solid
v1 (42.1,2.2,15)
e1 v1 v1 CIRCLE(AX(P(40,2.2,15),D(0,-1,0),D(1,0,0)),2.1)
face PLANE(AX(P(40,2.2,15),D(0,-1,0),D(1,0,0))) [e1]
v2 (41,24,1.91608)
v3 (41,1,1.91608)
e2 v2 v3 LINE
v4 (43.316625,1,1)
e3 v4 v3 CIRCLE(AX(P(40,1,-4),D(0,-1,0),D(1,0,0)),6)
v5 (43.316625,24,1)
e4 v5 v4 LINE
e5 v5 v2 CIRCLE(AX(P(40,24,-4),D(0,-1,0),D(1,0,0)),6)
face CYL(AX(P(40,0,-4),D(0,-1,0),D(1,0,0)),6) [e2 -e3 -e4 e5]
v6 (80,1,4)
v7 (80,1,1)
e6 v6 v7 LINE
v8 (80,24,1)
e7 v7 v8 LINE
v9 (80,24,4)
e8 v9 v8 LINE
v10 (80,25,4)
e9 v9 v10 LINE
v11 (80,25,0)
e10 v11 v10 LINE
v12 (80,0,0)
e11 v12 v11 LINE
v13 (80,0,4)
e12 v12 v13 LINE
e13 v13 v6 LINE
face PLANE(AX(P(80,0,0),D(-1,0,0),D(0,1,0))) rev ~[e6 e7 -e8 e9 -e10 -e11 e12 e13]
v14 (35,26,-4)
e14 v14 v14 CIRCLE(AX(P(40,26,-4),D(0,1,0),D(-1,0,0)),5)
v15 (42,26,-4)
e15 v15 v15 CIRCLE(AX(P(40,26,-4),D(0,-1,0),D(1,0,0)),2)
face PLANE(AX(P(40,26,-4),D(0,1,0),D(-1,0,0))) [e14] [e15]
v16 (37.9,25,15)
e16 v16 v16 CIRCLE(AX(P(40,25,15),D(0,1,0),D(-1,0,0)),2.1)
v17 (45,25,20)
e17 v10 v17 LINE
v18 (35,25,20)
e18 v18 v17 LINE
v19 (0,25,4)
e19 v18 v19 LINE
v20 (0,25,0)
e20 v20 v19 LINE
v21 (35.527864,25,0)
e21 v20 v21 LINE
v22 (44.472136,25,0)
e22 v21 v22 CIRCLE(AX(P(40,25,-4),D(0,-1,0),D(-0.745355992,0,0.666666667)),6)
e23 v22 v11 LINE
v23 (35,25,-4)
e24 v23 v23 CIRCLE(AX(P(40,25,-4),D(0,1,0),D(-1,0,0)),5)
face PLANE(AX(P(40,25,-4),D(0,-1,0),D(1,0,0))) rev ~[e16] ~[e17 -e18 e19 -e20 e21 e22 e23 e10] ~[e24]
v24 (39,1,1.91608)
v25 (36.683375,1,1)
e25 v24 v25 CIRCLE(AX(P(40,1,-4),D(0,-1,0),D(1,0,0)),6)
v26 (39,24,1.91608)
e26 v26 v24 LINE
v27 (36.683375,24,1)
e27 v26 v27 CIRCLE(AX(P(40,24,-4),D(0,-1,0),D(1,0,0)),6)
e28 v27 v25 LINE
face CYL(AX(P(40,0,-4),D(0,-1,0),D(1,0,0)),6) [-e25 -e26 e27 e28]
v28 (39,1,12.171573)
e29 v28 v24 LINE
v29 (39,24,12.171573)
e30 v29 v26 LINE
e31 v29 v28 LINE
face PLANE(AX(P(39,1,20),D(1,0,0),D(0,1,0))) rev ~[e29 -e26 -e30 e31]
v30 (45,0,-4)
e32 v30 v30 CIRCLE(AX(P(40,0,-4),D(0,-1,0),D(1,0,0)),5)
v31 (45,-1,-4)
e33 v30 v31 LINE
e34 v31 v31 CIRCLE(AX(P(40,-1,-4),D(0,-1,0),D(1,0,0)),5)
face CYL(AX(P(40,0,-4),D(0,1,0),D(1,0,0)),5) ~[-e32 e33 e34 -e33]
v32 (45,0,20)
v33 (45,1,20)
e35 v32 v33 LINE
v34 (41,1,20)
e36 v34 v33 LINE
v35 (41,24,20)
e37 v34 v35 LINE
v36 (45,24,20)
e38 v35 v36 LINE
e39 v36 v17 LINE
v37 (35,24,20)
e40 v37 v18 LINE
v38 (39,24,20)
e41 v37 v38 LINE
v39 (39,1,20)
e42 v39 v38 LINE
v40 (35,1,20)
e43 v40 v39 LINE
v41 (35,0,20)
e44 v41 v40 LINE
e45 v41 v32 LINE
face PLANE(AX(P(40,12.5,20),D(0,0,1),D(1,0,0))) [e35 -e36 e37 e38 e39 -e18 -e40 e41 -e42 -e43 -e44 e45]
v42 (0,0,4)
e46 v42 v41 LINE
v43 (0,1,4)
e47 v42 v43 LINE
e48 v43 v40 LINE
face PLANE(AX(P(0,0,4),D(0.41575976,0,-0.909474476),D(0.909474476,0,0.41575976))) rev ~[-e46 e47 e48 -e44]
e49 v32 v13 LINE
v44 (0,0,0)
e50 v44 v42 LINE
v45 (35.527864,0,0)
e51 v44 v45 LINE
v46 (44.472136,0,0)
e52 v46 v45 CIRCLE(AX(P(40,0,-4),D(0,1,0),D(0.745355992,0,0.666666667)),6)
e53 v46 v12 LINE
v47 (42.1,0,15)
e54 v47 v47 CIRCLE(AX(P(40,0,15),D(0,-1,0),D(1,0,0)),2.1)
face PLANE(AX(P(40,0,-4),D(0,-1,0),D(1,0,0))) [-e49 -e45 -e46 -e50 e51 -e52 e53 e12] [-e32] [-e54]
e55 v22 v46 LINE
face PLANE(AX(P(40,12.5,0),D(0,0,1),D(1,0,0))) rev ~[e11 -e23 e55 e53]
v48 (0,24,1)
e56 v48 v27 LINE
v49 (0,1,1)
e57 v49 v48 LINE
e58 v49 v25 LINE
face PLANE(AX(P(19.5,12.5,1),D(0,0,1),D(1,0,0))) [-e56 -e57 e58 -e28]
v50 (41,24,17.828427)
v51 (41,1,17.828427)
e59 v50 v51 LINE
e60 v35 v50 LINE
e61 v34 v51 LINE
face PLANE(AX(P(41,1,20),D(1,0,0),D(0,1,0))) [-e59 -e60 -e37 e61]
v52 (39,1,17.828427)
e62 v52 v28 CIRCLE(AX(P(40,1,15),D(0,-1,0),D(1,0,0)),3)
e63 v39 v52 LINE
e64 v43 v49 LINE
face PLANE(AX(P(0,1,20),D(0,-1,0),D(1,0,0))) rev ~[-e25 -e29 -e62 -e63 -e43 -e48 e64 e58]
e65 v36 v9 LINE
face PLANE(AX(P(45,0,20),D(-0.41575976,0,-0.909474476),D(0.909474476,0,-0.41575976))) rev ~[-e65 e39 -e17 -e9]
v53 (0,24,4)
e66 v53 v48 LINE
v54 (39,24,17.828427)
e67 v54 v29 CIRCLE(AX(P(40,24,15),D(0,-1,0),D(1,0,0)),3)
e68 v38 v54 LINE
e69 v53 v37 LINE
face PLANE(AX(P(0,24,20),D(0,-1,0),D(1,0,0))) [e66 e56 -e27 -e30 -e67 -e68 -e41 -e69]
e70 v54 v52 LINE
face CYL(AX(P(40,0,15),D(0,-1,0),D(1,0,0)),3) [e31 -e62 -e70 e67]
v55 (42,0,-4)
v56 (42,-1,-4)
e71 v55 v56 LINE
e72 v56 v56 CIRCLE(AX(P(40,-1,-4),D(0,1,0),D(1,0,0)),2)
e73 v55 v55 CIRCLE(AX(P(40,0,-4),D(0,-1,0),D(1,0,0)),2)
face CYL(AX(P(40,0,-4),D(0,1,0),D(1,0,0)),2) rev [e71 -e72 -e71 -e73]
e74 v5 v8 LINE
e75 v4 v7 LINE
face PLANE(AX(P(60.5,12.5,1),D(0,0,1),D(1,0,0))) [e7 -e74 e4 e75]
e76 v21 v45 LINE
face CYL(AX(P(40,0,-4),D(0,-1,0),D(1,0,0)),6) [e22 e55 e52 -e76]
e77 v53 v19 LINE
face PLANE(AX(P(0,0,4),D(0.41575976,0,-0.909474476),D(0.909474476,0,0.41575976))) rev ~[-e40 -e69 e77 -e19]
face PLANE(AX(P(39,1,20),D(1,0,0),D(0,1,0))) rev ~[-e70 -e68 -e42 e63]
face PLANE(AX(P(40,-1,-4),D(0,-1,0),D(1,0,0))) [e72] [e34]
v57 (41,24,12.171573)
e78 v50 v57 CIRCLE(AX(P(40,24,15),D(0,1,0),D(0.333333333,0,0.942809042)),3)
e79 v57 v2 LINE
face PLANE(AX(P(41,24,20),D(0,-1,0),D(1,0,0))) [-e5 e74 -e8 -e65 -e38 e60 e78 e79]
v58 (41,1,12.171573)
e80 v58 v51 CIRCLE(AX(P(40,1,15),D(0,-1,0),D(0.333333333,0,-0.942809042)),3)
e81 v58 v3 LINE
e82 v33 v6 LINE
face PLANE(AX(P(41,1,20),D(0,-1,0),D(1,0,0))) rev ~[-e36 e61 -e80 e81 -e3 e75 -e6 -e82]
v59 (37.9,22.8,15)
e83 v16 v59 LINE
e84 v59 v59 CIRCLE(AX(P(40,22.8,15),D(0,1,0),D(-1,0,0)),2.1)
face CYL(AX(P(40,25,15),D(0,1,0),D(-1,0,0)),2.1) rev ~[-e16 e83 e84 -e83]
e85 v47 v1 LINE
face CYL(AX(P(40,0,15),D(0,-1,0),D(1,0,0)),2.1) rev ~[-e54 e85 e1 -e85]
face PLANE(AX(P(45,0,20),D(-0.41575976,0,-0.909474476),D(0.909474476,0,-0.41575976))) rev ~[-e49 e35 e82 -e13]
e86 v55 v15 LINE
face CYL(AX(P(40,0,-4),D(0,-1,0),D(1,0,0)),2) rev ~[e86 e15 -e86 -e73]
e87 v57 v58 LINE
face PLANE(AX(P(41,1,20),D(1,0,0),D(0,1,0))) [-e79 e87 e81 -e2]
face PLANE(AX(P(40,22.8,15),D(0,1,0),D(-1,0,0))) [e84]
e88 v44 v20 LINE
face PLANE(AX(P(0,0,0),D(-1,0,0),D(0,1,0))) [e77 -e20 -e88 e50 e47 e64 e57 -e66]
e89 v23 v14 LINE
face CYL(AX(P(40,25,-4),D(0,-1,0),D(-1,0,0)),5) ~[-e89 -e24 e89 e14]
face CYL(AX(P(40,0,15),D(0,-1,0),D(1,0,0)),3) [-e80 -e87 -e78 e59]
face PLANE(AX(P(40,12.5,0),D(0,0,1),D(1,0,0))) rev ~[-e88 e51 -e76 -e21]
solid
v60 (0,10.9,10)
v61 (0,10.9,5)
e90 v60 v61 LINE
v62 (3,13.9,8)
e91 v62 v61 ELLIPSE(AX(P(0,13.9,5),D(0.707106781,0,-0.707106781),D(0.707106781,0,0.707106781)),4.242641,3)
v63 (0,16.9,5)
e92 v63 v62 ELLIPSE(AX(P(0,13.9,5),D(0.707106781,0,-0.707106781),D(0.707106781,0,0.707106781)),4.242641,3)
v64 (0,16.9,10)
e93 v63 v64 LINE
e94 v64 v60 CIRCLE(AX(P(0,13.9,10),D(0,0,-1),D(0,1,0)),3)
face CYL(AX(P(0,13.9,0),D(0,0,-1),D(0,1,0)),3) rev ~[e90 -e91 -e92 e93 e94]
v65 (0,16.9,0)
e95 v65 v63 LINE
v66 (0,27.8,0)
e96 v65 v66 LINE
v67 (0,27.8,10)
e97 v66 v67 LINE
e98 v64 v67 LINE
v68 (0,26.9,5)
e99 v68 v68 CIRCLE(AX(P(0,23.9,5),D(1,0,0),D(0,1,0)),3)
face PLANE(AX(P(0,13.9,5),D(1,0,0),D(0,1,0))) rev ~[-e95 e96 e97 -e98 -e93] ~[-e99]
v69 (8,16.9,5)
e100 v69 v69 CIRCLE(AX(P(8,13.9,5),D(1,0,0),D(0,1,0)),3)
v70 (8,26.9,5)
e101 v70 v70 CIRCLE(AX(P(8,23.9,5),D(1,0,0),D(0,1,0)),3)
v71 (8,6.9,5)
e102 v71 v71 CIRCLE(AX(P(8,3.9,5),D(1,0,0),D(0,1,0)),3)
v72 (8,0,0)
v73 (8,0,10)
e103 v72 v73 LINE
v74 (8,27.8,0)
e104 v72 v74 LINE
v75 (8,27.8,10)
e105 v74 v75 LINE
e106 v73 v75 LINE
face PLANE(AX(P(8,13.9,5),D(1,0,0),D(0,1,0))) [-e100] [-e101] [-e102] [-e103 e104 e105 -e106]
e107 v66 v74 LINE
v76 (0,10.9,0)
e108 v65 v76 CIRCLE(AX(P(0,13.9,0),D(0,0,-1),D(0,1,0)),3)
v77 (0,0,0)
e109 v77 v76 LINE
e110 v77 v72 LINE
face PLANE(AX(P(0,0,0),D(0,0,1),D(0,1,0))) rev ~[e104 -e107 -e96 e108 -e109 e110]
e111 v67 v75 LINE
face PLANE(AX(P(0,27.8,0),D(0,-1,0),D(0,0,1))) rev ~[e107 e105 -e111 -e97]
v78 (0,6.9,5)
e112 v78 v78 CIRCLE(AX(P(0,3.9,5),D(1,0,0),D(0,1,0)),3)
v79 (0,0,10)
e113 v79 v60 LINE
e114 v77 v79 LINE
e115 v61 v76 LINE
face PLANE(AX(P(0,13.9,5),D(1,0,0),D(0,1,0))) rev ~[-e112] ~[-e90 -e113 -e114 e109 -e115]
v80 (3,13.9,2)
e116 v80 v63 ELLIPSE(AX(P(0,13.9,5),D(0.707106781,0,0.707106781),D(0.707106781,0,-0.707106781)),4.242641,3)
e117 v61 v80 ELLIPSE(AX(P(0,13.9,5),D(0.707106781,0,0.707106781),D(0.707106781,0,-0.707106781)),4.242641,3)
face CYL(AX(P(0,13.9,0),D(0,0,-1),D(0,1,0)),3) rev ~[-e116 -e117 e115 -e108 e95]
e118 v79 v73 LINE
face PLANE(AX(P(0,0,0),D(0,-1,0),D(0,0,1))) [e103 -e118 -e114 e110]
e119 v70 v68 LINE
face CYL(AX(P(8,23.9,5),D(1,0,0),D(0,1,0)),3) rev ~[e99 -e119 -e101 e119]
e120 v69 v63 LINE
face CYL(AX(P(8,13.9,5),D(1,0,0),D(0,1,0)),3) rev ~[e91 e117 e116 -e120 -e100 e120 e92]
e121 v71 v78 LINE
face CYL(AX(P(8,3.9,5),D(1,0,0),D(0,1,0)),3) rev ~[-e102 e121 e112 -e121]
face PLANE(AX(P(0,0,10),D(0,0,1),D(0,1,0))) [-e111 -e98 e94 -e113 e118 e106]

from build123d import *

# Parameters (mm, degrees)
SKETCH_W             = 80
SKETCH_H             = 25
PAD_DEPTH            = 20
SKETCH001_W          = 39
SKETCH001_H          = 23
POCKET_DEPTH         = 19
POCKET001_DEPTH      = 25.001
SKETCH003_R          = 3
PAD001_DEPTH         = 25
SKETCH004_R          = 2.1
POCKET002_DEPTH      = 2.2
SKETCH007_R          = 2.1
POCKET004_DEPTH      = 2.2
SKETCH005_R          = 6
PAD002_DEPTH         = 25
SKETCH006_R          = 5
PAD003_DEPTH         = 1
SKETCH009_R          = 5
PAD004_DEPTH         = 1
SKETCH008_R          = 2
POCKET005_DEPTH      = 26.001
POCKET005_DEPTH_BACK = -1.001
SKETCH010_W          = 27.8
SKETCH010_H          = 10
PAD005_DEPTH         = 8
SKETCH011_R          = 3
POCKET006_DEPTH      = 8.001
SKETCH012_R          = 3
HOLE_DEPTH           = 10.001


with BuildPart() as flipflop:
    # Sketch → Pad (new body)
    with BuildSketch(Plane.XY):
        with Locations((40, 12.5)):
            Rectangle(SKETCH_W, SKETCH_H)
    extrude(amount=PAD_DEPTH)

    # Sketch001 (on Face6 of Pad) → Pocket (cut)
    with BuildSketch(Plane.XY.offset(20)):
        with Locations((19.5, 12.5)):
            Rectangle(SKETCH001_W, SKETCH001_H)
        with Locations((60.5, 12.5)):
            Rectangle(SKETCH001_W, SKETCH001_H)
    extrude(amount=-POCKET_DEPTH, mode=Mode.SUBTRACT)

    # Sketch002 → Pocket001 (cut, through all)
    with BuildSketch(Plane.XZ):
        Polygon((0, 4), (35, 20), (0, 20), align=None)
        Polygon((80, 4), (80, 20), (45, 20), align=None)
    extrude(amount=-POCKET001_DEPTH, mode=Mode.SUBTRACT)

    # Sketch003 → Pad001 (join)
    with BuildSketch(Plane.XZ):
        with Locations((40, 15)):
            Circle(SKETCH003_R)
    extrude(amount=-PAD001_DEPTH)

    # Sketch004 → Pocket002 (cut)
    with BuildSketch(Plane.XZ):
        with Locations((40, 15)):
            Circle(SKETCH004_R)
    extrude(amount=-POCKET002_DEPTH, mode=Mode.SUBTRACT)

    # Sketch007 → Pocket004 (cut)
    with BuildSketch(Plane(origin=(0, 25, 0), x_dir=(-1, 0, 0), z_dir=(0, 1, 0))):
        with Locations((-40, 15)):
            Circle(SKETCH007_R)
    extrude(amount=-POCKET004_DEPTH, mode=Mode.SUBTRACT)

    # Sketch005 → Pad002 (join)
    with BuildSketch(Plane.XZ):
        with Locations((40, -4)):
            Circle(SKETCH005_R)
    extrude(amount=-PAD002_DEPTH)

    # Sketch006 → Pad003 (join)
    with BuildSketch(Plane.XZ):
        with Locations((40, -4)):
            Circle(SKETCH006_R)
    extrude(amount=PAD003_DEPTH)

    # Sketch009 (on Face1 of Pocket005) → Pad004 (join)
    with BuildSketch(Plane(origin=(0, 25, 0), x_dir=(-1, 0, 0), z_dir=(0, 1, 0))):
        with Locations((-40, -4)):
            Circle(SKETCH009_R)
    extrude(amount=PAD004_DEPTH)

    # Sketch008 → Pocket005 (cut, two sides)
    with BuildSketch(Plane.XZ) as pocket005_sk:
        with Locations((40, -4)):
            Circle(SKETCH008_R)
    extrude(amount=-POCKET005_DEPTH, mode=Mode.SUBTRACT)
    extrude(pocket005_sk.sketch, amount=-POCKET005_DEPTH_BACK, mode=Mode.SUBTRACT)


with BuildPart() as endanschlag:
    # Sketch010 → Pad005 (new body)
    with BuildSketch(Plane.YZ):
        with Locations((13.9, 5)):
            Rectangle(SKETCH010_W, SKETCH010_H)
    extrude(amount=PAD005_DEPTH)

    # Sketch011 (on DatumPlane) → Pocket006 (cut, through all)
    with BuildSketch(Plane.YZ.offset(8)):
        with Locations((3.9, 5)):
            Circle(SKETCH011_R)
        with Locations((23.9, 5)):
            Circle(SKETCH011_R)
        with Locations((13.9, 5)):
            Circle(SKETCH011_R)
    extrude(amount=-POCKET006_DEPTH, mode=Mode.SUBTRACT)

    # Sketch012 (on DatumPlane) → Hole (cut, through all)
    with BuildSketch(Plane.YX):
        with Locations((13.9, 0)):
            Circle(SKETCH012_R)
    extrude(amount=-HOLE_DEPTH, mode=Mode.SUBTRACT)


solid = Compound([flipflop.part, endanschlag.part])
